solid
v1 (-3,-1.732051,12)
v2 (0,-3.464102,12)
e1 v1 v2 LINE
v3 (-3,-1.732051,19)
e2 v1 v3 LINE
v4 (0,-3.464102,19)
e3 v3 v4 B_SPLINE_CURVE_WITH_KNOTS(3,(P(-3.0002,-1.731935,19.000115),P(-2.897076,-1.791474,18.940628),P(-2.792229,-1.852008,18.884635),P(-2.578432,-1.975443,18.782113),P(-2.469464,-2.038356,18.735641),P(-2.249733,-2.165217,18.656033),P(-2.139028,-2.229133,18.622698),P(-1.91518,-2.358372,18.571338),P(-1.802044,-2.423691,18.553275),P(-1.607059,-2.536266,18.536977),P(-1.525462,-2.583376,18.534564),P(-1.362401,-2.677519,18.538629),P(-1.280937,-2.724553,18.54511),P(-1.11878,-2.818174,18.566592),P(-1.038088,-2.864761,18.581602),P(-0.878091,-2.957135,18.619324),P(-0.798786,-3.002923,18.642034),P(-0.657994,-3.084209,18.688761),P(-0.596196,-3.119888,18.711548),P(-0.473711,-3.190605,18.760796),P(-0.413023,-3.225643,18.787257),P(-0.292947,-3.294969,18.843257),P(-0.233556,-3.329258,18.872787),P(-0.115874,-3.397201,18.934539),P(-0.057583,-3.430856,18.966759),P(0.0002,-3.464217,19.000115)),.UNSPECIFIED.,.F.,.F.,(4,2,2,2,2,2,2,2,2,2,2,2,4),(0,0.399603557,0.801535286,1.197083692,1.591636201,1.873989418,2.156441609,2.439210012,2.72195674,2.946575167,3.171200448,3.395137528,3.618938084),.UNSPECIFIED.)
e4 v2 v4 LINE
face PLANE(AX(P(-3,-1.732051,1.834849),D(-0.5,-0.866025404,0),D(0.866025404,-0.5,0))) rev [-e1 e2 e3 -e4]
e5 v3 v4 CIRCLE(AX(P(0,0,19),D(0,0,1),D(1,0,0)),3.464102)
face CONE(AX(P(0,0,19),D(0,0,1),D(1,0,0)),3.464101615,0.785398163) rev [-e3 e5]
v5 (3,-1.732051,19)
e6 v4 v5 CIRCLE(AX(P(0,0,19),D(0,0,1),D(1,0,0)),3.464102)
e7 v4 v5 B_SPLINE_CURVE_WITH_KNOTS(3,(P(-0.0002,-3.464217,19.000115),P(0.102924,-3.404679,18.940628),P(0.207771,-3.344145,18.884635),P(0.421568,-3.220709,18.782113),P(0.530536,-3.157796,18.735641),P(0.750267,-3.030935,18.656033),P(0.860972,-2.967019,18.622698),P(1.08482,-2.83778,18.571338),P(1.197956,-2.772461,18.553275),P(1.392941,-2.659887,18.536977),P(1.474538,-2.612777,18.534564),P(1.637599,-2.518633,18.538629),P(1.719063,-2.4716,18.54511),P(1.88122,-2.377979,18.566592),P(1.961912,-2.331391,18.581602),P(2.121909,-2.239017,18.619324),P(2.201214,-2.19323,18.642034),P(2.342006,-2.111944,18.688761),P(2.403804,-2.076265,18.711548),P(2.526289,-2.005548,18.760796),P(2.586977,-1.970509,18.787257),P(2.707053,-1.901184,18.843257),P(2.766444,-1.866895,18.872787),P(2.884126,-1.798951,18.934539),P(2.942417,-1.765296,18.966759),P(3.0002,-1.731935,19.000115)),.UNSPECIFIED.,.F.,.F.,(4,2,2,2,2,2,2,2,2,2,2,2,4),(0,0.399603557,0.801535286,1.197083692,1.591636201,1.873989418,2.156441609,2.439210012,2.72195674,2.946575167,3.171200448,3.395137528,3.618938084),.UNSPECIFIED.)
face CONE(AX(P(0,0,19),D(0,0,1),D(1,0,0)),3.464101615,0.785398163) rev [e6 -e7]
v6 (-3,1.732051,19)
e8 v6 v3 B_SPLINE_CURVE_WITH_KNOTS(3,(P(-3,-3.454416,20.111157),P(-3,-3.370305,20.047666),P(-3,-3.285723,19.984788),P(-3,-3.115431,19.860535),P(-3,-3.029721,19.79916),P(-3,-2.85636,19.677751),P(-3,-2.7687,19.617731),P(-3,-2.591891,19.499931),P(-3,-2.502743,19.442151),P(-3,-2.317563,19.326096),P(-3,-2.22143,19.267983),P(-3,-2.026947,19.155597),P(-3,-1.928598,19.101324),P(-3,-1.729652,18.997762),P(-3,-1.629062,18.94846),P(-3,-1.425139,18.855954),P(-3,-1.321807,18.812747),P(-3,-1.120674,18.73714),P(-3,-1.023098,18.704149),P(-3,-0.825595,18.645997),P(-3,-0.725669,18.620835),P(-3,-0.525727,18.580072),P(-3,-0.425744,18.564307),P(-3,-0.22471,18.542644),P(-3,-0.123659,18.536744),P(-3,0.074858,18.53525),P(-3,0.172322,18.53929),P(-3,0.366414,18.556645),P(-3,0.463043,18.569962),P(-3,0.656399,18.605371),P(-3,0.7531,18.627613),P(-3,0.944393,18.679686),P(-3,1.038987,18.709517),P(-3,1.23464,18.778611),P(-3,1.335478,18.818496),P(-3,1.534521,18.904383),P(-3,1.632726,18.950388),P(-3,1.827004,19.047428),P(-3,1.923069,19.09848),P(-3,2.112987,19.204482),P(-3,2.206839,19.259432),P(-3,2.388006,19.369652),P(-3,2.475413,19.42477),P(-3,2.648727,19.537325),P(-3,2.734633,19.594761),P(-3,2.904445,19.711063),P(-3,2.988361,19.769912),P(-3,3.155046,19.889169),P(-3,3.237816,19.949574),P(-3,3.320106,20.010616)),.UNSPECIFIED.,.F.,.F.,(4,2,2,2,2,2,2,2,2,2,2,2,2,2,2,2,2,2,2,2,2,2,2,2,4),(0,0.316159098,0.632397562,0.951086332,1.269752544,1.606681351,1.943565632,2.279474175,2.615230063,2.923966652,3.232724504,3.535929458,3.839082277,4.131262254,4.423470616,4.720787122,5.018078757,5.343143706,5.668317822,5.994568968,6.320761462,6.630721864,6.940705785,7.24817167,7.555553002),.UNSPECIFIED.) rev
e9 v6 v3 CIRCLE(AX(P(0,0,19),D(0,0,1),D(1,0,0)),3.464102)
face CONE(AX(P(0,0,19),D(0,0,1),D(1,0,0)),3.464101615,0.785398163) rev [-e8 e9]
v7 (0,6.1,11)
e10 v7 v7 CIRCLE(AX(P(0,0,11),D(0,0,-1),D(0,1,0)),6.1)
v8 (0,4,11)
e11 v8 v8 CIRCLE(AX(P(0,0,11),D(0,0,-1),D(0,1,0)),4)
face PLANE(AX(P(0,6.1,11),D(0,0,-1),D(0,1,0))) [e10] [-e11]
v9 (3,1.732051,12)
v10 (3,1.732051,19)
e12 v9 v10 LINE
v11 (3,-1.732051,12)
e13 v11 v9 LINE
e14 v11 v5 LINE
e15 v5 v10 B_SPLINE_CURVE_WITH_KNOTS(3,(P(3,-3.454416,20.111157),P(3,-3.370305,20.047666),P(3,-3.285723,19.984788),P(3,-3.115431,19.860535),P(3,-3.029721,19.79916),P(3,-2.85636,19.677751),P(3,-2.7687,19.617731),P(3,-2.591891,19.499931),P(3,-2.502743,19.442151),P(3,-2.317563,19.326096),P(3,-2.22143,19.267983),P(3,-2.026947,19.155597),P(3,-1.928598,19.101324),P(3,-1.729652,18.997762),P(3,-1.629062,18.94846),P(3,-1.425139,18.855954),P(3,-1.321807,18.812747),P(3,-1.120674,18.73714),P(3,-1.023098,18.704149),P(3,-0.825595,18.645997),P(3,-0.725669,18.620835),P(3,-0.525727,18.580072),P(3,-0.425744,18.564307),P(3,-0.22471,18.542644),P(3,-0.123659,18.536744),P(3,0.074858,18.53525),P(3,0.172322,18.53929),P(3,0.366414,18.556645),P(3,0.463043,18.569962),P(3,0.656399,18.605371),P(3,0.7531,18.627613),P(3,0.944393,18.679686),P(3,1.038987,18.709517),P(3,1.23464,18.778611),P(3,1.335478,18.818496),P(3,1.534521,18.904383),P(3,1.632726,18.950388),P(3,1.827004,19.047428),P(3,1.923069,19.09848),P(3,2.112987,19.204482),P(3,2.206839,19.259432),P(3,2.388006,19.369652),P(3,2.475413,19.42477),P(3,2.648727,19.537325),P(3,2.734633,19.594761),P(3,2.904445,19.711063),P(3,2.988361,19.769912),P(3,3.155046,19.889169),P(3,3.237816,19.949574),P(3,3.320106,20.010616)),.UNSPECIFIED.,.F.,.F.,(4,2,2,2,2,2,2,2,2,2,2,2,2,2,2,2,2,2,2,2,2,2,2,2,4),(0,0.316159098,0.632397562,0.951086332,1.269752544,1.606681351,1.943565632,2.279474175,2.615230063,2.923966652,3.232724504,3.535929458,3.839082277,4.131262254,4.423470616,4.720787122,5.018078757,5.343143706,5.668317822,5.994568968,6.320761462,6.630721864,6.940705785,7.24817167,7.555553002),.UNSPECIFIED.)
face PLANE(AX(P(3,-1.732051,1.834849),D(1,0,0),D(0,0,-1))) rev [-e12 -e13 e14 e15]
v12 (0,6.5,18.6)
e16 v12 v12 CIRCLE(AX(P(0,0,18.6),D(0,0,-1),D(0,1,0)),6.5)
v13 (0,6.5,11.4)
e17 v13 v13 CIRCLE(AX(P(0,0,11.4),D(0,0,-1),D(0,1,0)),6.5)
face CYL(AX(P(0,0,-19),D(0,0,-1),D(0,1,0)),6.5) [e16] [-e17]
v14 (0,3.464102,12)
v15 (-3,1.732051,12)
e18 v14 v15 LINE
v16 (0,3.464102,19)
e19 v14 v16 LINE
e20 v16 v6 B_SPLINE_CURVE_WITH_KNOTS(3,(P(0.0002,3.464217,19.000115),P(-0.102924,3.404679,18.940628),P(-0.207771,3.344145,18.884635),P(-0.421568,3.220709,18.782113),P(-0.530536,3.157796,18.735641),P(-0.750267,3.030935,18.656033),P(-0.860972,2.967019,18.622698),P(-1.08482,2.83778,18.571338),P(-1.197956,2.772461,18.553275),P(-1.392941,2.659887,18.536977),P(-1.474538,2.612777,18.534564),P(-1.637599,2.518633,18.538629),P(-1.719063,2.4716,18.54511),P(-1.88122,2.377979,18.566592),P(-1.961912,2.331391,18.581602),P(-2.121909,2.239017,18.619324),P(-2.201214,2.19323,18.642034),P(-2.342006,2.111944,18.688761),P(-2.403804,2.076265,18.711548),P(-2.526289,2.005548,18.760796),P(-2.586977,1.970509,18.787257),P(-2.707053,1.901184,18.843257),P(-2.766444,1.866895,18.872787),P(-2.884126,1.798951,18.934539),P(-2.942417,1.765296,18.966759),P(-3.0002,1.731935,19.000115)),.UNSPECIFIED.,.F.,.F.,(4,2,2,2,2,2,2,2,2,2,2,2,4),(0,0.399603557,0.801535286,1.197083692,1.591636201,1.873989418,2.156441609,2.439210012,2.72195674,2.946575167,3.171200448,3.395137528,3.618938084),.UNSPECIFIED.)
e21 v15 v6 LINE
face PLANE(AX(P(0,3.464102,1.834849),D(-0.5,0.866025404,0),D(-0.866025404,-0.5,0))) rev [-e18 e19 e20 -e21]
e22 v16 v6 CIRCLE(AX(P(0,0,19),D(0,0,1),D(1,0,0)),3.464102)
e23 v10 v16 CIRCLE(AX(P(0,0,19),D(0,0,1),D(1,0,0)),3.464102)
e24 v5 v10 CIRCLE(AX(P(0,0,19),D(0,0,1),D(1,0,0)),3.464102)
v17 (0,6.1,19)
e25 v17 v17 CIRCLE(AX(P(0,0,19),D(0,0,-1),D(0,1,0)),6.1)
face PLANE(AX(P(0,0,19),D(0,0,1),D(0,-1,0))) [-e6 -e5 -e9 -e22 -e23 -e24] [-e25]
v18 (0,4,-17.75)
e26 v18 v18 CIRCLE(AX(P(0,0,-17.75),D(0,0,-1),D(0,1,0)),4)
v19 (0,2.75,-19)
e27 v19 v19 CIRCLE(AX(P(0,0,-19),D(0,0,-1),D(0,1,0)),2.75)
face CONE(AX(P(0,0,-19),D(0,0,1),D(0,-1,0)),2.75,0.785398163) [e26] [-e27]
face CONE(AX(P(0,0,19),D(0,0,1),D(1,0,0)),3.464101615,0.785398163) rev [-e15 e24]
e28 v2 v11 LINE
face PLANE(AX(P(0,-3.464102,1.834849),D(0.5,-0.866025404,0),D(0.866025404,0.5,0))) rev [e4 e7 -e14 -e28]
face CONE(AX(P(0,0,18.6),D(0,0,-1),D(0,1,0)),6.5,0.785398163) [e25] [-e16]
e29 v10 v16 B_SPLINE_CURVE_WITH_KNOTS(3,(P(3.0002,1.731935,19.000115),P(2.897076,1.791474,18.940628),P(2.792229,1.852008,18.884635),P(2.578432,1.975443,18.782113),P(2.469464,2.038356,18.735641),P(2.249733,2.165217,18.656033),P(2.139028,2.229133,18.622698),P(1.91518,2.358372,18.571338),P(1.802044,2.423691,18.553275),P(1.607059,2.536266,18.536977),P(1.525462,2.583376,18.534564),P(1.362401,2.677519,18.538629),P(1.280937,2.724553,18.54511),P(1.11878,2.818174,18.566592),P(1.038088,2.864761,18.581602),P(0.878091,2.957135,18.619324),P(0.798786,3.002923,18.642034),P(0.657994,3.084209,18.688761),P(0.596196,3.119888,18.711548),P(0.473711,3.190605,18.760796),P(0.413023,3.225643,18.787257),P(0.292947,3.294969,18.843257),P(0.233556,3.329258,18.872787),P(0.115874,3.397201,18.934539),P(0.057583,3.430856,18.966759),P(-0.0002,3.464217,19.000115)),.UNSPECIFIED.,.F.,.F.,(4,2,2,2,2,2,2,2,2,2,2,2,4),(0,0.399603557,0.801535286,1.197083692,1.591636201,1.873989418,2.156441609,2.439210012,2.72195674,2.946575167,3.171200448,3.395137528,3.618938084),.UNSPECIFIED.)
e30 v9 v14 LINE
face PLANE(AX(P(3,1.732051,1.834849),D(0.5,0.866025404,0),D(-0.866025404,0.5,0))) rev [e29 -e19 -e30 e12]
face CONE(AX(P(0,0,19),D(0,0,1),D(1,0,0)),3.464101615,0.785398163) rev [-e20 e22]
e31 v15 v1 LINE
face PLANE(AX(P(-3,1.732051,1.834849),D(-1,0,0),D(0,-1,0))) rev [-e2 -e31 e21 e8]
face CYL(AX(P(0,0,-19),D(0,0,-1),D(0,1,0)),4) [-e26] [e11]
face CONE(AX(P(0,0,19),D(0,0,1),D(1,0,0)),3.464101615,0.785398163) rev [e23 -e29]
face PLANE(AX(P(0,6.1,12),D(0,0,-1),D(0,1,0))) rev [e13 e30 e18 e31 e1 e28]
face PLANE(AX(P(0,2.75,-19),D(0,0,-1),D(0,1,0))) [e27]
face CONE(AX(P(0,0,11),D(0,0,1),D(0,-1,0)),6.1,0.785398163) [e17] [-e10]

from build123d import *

# Parameters (mm, degrees)
CUT_EXTRUDE1_DEPTH = 7


with BuildPart() as part:
    # Sketch2 → Revolve1 (revolve)
    with BuildSketch(Plane(origin=(0, 0, 0), x_dir=(0, 0, -1), z_dir=(1, 0, 0))):
        Polygon((-19, 0), (-19, 6.1), (-18.6, 6.5), (-11.4, 6.5), (-11, 6.1), (-11, 4), (17.75, 4), (19, 2.75), (19, 0), align=None)
    revolve(axis=Axis((0, 0, -19), (0, 0, 1)))

    # Sketch3 → Cut-Extrude1 (cut)
    with BuildSketch(Plane.XY.offset(19)):
        Polygon((3, -1.732050808), (3, 1.732050808), (0, 3.464101615), (-3, 1.732050808), (-3, -1.732050808), (0, -3.464101615), align=None)
    extrude(amount=-CUT_EXTRUDE1_DEPTH, mode=Mode.SUBTRACT)

    # Cut-Extrude2 cone 1 section (through the dimple's axis) → Cut-Extrude2 (revolve, cut)
    with BuildSketch(Plane(origin=(0, 0, 19), x_dir=(0, -1, 0), z_dir=(1, 0, 0))):
        Polygon((0, 0), (3.464101615, 0), (0, 3.464101615), align=None)
    revolve(axis=Axis((0, 0, 19), (0, 0, -1)), mode=Mode.SUBTRACT)


solid = part.part
